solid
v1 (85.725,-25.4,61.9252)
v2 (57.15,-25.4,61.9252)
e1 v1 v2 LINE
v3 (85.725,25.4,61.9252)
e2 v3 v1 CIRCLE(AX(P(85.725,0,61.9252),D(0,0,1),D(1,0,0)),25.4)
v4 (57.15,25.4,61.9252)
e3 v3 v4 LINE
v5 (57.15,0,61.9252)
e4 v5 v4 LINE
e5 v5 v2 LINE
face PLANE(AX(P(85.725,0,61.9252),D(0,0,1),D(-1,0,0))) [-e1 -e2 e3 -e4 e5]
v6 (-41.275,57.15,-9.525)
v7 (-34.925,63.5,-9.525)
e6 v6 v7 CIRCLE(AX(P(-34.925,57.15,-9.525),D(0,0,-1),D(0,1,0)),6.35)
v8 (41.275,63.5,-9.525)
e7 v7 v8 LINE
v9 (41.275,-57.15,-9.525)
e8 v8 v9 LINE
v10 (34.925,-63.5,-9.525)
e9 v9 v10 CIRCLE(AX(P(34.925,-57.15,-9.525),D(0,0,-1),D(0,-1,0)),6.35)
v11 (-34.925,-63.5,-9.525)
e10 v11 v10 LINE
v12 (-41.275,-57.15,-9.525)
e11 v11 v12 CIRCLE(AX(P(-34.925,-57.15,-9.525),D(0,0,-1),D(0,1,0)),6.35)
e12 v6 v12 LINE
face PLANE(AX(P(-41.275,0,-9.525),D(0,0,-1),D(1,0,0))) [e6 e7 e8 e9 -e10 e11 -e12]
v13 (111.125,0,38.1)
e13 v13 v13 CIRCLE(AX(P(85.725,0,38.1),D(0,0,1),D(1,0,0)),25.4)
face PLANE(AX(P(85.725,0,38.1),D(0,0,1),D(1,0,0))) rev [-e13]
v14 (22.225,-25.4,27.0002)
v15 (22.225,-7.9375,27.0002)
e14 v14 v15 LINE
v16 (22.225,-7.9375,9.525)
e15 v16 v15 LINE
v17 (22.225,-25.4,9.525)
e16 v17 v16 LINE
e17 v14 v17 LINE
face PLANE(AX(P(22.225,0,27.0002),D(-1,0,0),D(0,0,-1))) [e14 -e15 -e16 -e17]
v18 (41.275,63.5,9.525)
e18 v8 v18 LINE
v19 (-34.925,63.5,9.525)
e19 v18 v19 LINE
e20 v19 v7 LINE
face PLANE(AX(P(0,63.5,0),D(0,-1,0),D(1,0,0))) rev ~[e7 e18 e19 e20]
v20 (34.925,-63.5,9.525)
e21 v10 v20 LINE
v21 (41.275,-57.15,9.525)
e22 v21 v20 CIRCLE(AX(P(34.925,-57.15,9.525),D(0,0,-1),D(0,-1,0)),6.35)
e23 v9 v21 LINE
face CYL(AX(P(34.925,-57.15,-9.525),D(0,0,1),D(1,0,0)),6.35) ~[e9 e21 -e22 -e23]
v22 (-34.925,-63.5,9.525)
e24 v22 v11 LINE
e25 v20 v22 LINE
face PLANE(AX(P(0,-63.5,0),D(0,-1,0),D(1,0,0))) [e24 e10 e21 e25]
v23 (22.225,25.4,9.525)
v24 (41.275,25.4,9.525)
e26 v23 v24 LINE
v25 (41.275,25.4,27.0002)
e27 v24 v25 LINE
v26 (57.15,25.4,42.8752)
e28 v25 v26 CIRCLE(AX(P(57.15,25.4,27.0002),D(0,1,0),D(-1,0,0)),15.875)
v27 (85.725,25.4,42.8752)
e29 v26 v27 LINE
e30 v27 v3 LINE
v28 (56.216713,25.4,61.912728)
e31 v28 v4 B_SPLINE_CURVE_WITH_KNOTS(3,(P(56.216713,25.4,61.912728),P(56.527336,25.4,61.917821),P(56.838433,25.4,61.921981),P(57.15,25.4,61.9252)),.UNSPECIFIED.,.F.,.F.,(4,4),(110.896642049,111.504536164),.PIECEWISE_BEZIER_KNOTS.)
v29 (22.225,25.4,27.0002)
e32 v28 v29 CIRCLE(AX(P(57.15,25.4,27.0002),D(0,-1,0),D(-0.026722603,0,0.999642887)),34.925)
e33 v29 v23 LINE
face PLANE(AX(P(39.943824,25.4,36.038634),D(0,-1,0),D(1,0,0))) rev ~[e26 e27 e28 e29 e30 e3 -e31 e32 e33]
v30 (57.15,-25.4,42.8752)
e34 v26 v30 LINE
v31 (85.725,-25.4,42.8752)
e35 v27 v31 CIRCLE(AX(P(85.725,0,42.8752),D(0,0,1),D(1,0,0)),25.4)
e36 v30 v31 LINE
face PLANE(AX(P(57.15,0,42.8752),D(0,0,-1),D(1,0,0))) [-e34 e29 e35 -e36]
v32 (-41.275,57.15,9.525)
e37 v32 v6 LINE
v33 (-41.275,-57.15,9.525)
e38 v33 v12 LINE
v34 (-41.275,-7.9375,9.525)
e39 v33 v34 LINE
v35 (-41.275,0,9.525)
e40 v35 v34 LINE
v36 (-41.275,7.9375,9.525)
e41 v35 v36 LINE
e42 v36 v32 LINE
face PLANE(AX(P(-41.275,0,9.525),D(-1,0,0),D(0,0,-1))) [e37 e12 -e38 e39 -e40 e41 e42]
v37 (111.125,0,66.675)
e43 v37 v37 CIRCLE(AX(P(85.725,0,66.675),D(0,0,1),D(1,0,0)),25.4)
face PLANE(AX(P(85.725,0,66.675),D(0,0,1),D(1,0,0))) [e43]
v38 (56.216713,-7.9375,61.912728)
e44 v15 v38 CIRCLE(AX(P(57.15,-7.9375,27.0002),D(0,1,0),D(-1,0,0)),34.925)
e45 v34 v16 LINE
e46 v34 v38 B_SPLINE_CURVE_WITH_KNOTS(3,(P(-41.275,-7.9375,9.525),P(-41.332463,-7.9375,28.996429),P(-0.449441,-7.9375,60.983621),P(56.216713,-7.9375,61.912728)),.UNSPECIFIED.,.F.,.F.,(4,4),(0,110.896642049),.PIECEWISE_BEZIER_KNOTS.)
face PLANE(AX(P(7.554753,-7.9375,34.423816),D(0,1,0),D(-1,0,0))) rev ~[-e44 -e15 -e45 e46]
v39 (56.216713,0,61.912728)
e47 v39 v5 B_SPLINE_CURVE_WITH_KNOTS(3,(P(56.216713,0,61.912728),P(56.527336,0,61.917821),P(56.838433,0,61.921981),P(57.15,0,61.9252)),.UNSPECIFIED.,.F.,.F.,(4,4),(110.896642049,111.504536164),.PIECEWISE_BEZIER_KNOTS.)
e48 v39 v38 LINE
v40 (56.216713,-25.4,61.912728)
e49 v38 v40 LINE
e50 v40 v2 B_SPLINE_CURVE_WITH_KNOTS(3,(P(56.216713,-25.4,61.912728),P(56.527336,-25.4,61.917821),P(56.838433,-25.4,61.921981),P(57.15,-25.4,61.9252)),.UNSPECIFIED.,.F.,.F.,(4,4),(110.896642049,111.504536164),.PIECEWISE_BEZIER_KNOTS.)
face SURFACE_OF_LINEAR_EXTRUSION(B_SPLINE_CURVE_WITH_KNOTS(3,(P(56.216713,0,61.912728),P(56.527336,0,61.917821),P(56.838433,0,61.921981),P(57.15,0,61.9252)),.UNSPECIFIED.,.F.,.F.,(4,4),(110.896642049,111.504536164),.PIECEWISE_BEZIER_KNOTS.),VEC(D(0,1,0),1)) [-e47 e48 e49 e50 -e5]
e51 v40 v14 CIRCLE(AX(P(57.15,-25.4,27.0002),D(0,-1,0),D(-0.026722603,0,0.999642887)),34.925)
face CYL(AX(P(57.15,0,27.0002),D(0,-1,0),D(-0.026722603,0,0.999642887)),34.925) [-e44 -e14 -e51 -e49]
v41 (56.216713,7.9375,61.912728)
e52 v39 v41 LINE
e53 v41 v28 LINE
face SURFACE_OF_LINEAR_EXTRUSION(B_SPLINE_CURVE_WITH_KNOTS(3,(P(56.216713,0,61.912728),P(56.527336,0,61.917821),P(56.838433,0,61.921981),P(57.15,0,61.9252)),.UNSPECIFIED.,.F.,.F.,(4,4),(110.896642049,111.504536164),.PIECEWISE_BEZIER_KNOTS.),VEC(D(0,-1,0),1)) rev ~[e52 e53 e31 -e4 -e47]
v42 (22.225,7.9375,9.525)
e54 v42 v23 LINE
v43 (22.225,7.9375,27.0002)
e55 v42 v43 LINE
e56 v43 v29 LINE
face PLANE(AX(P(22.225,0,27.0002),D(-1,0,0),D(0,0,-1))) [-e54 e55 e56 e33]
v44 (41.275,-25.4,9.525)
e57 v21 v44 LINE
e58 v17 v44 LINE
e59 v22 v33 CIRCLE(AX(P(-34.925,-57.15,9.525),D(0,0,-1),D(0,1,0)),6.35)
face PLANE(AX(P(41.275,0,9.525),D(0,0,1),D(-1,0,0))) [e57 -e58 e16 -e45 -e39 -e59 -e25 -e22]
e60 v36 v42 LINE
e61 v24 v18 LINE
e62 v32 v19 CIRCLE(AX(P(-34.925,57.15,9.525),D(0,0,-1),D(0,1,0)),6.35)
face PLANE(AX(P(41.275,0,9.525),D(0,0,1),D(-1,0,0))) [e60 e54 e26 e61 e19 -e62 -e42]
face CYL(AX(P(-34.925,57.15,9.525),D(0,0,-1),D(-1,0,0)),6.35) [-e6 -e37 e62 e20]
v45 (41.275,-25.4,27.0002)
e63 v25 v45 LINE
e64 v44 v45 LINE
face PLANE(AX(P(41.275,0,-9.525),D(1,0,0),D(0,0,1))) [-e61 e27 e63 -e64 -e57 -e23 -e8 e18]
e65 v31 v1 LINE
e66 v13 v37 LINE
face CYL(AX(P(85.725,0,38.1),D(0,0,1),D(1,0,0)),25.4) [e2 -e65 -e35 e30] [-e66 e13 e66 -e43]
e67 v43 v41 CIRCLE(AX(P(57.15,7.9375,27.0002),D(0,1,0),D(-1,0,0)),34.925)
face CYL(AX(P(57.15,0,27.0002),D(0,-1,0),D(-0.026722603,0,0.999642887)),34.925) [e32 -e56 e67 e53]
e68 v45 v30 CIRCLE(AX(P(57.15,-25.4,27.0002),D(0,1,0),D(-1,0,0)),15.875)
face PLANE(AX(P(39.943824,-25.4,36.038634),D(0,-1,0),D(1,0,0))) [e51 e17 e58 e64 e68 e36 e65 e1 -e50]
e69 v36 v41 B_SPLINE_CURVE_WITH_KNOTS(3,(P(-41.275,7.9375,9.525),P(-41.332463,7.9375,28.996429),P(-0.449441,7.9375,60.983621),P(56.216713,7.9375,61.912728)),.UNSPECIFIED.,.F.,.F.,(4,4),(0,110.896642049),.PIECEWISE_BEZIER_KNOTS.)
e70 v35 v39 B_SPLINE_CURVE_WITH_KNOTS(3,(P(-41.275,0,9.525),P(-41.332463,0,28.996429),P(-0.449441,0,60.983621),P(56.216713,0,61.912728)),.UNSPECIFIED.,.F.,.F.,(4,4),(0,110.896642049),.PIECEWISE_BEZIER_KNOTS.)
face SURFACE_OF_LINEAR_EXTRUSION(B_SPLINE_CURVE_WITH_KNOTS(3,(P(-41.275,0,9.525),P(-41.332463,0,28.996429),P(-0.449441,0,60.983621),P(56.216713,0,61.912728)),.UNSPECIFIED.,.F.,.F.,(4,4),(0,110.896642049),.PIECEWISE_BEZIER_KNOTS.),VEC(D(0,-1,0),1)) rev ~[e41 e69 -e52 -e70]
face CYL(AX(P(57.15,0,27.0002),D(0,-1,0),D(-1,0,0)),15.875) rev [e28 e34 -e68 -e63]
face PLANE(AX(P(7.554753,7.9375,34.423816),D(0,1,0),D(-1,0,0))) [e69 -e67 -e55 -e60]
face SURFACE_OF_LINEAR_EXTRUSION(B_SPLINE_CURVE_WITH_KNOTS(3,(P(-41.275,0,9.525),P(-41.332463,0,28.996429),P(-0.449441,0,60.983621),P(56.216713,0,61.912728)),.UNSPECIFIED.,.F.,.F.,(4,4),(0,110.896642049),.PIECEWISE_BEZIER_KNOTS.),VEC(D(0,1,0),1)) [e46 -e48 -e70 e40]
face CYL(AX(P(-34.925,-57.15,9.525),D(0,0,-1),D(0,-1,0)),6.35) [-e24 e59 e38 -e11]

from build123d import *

# Parameters (mm, degrees)
F1_DEPTH = 63.5
F0_W     = 25.4
F0_H     = 19.05
F2_DEPTH = 25.4
F3_DEPTH = 7.9375
F5_R     = 6.35


with BuildPart() as f1:
    # F0 (on Front) → F1 (new body, symmetric)
    with BuildSketch(Plane.XZ):
        Polygon((-41.275, 9.525), (-41.275, -9.525), (41.275, -9.525), (41.275, 9.525), (22.225, 9.525), align=None)
    extrude(amount=F1_DEPTH, both=True)

    # F0 (on Front) → F2 (join, symmetric)
    with BuildSketch(Plane.XZ):
        with BuildLine():
            Line((22.225, 9.525), (41.275, 9.525))
            Line((41.275, 9.525), (41.275, 27.0002))
            ThreePointArc((41.275, 27.0002), (45.9246798487, 38.2255201513), (57.15, 42.8752))
            Line((57.15, 42.8752), (60.325, 42.8752))
            Line((60.325, 42.8752), (60.325, 61.9252))
            Line((60.325, 61.9252), (57.15, 61.9252))
            add(Edge.make_bspline(
                [(56.2167130803, 61.912727845), (56.5273358461, 61.9178208633), (56.8384328672, 61.9219806407), (57.15, 61.9252)],
                knots=[110.8966420493, 110.8966420493, 110.8966420493, 110.8966420493, 111.5045361635, 111.5045361635, 111.5045361635, 111.5045361635], degree=3))
            ThreePointArc((56.2167130803, 61.912727845), (32.1265043342, 51.3637032306), (22.225, 27.0002))
            Line((22.225, 27.0002), (22.225, 9.525))
        make_face()
        with Locations((73.025, 52.4002)):
            Rectangle(F0_W, F0_H)
    extrude(amount=F2_DEPTH, both=True)

    # F0 (on Front) → F3 (join, symmetric)
    with BuildSketch(Plane.XZ):
        with BuildLine():
            add(Edge.make_bspline(
                [(-41.275, 9.525), (-41.332462601, 28.9964285063), (-0.4494412016, 60.9836209238), (56.2167130803, 61.912727845)],
                knots=[0, 0, 0, 0, 110.8966420493, 110.8966420493, 110.8966420493, 110.8966420493], degree=3))
            Line((-41.275, 9.525), (22.225, 9.525))
            Line((22.225, 9.525), (22.225, 27.0002))
            ThreePointArc((22.225, 27.0002), (32.1265043342, 51.3637032306), (56.2167130803, 61.912727845))
        make_face()
    extrude(amount=F3_DEPTH, both=True)

    # F0 (on Front) → F4 (revolve)
    with BuildSketch(Plane.XZ):
        Polygon((85.725, 66.675), (85.725, 61.9252), (85.725, 42.8752), (85.725, 38.1), (111.125, 38.1), (111.125, 66.675), align=None)
    revolve(axis=Axis((85.725, 0, 52.3875), (0, 0, 1)))

    # F5
    f5_edges = [f1.edges().sort_by_distance(p)[0] for p in [
        (41.275, -63.5, 0),
        (-41.275, -63.5, 0),
        (-41.275, 63.5, 0),
    ]]
    fillet(f5_edges, radius=F5_R)


solid = f1.part
